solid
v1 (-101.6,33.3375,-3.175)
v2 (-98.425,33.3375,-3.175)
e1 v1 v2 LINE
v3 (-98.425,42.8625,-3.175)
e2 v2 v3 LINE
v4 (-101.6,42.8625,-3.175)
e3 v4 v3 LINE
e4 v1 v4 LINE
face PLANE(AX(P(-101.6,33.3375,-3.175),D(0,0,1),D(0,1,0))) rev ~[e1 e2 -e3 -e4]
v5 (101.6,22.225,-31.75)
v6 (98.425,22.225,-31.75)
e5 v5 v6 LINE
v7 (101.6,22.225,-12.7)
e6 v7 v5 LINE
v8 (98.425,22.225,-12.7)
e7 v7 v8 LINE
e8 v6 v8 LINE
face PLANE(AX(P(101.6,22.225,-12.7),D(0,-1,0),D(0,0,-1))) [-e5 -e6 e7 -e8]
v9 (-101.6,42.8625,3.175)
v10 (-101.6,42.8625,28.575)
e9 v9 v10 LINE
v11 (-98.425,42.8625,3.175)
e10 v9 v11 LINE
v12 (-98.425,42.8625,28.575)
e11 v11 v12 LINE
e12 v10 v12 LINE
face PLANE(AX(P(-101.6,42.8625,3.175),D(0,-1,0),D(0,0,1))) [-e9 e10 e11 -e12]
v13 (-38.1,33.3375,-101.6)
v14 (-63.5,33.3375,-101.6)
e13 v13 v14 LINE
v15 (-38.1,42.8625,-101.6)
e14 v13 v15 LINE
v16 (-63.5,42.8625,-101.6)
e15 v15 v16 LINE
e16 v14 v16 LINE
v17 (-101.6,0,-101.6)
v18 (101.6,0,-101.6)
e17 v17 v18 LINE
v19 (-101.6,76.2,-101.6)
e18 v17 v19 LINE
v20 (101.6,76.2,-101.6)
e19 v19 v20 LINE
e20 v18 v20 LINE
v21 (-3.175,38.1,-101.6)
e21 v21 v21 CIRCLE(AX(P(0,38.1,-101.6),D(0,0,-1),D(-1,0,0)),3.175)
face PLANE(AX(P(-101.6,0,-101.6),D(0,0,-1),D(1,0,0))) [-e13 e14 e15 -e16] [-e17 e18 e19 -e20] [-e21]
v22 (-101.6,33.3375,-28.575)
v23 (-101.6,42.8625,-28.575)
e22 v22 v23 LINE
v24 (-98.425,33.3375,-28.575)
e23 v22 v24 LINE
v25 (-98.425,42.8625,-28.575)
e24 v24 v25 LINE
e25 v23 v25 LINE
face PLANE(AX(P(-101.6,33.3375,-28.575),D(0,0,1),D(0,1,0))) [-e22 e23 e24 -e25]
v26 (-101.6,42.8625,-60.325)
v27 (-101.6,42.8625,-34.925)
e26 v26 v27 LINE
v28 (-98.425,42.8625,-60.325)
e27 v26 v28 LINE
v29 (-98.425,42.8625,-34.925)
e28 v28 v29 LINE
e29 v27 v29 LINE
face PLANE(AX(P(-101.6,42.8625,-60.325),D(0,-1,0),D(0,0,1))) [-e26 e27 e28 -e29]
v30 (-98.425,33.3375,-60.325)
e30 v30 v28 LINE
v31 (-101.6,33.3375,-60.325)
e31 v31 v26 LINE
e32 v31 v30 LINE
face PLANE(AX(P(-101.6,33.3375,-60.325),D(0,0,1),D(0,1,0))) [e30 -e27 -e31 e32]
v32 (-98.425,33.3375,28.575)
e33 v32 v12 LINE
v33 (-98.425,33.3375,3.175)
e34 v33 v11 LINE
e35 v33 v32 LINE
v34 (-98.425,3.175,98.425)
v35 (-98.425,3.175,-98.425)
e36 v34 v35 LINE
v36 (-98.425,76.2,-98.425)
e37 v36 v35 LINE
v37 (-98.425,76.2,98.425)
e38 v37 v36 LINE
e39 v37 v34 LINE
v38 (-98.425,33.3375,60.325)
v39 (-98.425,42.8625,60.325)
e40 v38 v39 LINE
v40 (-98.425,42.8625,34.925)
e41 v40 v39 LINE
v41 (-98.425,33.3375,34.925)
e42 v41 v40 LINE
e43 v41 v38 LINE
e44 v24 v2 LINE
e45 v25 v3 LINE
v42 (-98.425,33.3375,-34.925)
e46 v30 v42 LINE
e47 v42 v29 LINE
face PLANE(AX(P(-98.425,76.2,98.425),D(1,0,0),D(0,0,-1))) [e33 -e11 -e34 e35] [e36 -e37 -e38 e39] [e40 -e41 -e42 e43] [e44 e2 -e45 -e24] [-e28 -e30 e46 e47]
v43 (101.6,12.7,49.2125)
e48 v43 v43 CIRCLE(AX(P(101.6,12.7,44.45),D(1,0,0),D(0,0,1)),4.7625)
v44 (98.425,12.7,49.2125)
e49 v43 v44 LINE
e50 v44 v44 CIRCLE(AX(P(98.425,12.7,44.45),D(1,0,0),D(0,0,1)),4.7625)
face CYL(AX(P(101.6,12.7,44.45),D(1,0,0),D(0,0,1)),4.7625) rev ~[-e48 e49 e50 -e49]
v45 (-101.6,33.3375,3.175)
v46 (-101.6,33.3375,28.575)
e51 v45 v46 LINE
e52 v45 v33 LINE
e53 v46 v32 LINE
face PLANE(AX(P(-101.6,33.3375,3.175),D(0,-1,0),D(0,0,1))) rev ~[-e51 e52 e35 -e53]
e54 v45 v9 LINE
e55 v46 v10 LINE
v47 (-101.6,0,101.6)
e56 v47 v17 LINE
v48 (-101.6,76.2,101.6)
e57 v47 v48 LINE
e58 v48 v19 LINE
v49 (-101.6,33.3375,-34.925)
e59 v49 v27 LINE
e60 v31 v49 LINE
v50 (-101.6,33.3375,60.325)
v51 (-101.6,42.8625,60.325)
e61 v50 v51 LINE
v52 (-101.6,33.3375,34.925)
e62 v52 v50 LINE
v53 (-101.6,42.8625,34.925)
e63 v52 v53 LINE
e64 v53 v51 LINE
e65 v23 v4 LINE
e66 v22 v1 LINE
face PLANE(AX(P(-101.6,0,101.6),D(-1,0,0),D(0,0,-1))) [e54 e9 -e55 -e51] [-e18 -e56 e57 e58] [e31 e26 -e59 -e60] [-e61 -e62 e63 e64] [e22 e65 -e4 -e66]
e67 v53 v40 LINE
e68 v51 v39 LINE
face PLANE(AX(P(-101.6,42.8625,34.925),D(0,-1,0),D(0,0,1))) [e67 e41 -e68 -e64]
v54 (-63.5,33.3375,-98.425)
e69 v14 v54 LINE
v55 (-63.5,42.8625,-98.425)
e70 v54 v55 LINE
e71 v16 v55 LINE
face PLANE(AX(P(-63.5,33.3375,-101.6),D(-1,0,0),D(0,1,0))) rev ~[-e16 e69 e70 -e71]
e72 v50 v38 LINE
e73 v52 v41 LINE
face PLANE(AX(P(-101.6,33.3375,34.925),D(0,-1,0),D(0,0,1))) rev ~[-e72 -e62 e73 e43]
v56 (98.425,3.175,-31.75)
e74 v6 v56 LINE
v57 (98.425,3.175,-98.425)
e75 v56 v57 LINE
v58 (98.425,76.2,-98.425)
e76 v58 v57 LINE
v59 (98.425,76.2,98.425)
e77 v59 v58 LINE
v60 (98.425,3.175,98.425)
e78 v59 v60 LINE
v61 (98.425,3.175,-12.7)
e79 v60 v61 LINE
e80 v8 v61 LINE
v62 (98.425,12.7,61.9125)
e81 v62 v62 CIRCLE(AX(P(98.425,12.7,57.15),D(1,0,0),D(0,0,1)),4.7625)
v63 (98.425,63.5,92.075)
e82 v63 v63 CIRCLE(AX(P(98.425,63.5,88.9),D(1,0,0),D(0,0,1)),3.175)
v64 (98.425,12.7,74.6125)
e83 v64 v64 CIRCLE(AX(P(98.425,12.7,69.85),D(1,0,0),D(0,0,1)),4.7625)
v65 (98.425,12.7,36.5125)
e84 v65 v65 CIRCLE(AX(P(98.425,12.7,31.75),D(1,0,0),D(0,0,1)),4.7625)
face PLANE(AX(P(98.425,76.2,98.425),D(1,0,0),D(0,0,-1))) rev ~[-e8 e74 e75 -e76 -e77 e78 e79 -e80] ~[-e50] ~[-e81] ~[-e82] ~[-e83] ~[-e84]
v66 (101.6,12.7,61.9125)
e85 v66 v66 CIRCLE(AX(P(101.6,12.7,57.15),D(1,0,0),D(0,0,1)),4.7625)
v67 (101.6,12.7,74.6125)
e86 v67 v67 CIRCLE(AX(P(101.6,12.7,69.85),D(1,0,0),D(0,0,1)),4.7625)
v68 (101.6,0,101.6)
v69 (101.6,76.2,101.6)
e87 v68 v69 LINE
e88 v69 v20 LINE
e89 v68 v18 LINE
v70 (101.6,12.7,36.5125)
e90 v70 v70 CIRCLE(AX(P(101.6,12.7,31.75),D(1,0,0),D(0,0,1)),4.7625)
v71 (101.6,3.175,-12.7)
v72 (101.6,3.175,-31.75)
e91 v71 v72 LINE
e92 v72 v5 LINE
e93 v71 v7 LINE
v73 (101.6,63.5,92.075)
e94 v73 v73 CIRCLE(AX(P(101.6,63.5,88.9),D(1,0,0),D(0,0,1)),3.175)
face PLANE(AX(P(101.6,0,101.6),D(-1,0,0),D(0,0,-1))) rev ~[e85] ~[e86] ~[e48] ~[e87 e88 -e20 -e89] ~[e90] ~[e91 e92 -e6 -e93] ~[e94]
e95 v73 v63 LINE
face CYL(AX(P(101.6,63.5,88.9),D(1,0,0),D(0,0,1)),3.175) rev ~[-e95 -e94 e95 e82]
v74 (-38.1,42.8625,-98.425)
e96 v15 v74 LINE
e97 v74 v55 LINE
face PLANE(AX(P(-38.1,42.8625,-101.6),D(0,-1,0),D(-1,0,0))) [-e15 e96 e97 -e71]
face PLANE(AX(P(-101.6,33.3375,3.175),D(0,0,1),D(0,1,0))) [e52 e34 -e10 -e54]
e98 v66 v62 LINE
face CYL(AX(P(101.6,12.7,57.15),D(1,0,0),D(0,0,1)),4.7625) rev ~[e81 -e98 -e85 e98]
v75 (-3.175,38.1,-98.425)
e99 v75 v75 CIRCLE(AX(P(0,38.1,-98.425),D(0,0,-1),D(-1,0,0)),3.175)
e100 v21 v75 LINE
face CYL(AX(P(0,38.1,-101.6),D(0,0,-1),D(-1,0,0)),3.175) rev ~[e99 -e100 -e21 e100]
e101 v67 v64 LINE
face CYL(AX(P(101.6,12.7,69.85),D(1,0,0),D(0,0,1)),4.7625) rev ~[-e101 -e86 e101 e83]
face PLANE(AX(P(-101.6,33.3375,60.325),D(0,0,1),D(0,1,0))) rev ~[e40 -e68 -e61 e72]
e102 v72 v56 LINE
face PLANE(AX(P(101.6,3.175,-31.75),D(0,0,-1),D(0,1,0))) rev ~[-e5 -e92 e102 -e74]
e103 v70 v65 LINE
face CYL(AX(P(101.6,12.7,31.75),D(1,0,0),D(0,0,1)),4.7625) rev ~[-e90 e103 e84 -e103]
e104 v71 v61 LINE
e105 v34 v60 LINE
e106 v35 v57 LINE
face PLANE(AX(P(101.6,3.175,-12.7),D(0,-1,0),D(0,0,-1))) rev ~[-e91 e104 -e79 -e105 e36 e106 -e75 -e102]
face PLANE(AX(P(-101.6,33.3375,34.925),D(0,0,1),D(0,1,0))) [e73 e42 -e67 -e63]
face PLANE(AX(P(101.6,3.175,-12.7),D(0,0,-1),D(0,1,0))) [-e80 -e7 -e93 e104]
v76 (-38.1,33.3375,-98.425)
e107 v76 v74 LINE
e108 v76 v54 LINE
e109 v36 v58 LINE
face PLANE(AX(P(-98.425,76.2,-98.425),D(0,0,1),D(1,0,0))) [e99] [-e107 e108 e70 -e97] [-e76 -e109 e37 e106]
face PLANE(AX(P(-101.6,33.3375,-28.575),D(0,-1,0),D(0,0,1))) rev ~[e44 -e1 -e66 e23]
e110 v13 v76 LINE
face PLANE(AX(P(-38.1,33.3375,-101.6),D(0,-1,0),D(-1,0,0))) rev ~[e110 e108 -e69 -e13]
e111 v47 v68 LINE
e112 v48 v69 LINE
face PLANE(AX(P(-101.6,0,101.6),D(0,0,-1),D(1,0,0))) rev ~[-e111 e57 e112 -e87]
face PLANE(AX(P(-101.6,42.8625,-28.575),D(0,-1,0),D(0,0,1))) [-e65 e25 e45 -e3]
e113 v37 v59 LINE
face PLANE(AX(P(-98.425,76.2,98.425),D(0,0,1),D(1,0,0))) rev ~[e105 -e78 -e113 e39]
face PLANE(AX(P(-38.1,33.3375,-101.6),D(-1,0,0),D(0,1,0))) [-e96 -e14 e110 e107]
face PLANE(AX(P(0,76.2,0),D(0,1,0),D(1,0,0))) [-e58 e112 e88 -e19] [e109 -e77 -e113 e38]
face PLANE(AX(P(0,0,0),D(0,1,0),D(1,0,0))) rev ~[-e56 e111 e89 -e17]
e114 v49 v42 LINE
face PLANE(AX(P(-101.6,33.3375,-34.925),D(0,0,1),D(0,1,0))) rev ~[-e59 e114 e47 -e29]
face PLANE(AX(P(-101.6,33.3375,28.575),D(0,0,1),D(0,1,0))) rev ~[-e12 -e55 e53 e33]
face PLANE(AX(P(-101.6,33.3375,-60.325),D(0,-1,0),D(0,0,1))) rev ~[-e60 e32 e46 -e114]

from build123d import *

# Parameters (mm, degrees)
SKETCH1_W                      = 203.2
SKETCH1_H                      = 203.2
BOSS_EXTRUDE1_DEPTH            = 76.2
SKETCH2_W                      = 196.85
SKETCH2_H                      = 196.85
CUT_EXTRUDE1_DEPTH             = 73.025
CUT_EXTRUDE2_REACH             = 241.623
SKETCH3_R                      = 4.7625
SKETCH3_R_2                    = 3.175
SKETCH3_W                      = 19.05
SKETCH3_H                      = 19.05
CUT_EXTRUDE2_DIRECTION_2_DEPTH = 240.623120754
CUT_EXTRUDE3_REACH             = 241.623
SKETCH4_R                      = 3.175
SKETCH4_W                      = 25.4
SKETCH4_H                      = 9.525
CUT_EXTRUDE4_REACH             = 241.623
SKETCH5_W                      = 25.4
SKETCH5_H                      = 9.525


with BuildPart() as part:
    # Sketch1 → Boss-Extrude1 (new body)
    with BuildSketch(Plane(origin=(0, 0, 0), x_dir=(1, 0, 0), z_dir=(0, 1, 0))):
        Rectangle(SKETCH1_W, SKETCH1_H)
    extrude(amount=BOSS_EXTRUDE1_DEPTH)

    # Sketch2 → Cut-Extrude1 (cut)
    with BuildSketch(Plane(origin=(0, 76.2, 0), x_dir=(1, 0, 0), z_dir=(0, 1, 0))):
        Rectangle(SKETCH2_W, SKETCH2_H)
    extrude(amount=-CUT_EXTRUDE1_DEPTH, mode=Mode.SUBTRACT)

    # Sketch3 → Cut-Extrude2 (cut, up to next)
    with BuildSketch(Plane(origin=(101.6, 0, 0), x_dir=(0, 0, -1), z_dir=(1, 0, 0)), mode=Mode.PRIVATE) as cut_extrude2_sk1:
        with Locations(Location((-69.85, 12.7, 0), (0, 0, 180))):
            Circle(SKETCH3_R)
    cut_extrude2_tool1 = extrude(cut_extrude2_sk1.sketch, amount=-CUT_EXTRUDE2_REACH, mode=Mode.PRIVATE) & part.part
    # Sketch3 → Cut-Extrude2 (cut, up to next)
    with BuildSketch(Plane(origin=(101.6, 0, 0), x_dir=(0, 0, -1), z_dir=(1, 0, 0)), mode=Mode.PRIVATE) as cut_extrude2_sk2:
        with Locations(Location((-57.15, 12.7, 0), (0, 0, 180))):
            Circle(SKETCH3_R)
    cut_extrude2_tool2 = extrude(cut_extrude2_sk2.sketch, amount=-CUT_EXTRUDE2_REACH, mode=Mode.PRIVATE) & part.part
    # Sketch3 → Cut-Extrude2 (cut, up to next)
    with BuildSketch(Plane(origin=(101.6, 0, 0), x_dir=(0, 0, -1), z_dir=(1, 0, 0)), mode=Mode.PRIVATE) as cut_extrude2_sk3:
        with Locations(Location((-44.45, 12.7, 0), (0, 0, 180))):
            Circle(SKETCH3_R)
    cut_extrude2_tool3 = extrude(cut_extrude2_sk3.sketch, amount=-CUT_EXTRUDE2_REACH, mode=Mode.PRIVATE) & part.part
    # Sketch3 → Cut-Extrude2 (cut, up to next)
    with BuildSketch(Plane(origin=(101.6, 0, 0), x_dir=(0, 0, -1), z_dir=(1, 0, 0)), mode=Mode.PRIVATE) as cut_extrude2_sk4:
        with Locations(Location((-31.75, 12.7, 0), (0, 0, 180))):
            Circle(SKETCH3_R)
    cut_extrude2_tool4 = extrude(cut_extrude2_sk4.sketch, amount=-CUT_EXTRUDE2_REACH, mode=Mode.PRIVATE) & part.part
    # Sketch3 → Cut-Extrude2 (cut, up to next)
    with BuildSketch(Plane(origin=(101.6, 0, 0), x_dir=(0, 0, -1), z_dir=(1, 0, 0)), mode=Mode.PRIVATE) as cut_extrude2_sk5:
        with Locations(Location((-88.9, 63.5, 0), (0, 0, 180))):
            Circle(SKETCH3_R_2)
    cut_extrude2_tool5 = extrude(cut_extrude2_sk5.sketch, amount=-CUT_EXTRUDE2_REACH, mode=Mode.PRIVATE) & part.part
    # Sketch3 → Cut-Extrude2 (cut, up to next)
    with BuildSketch(Plane(origin=(101.6, 0, 0), x_dir=(0, 0, -1), z_dir=(1, 0, 0)), mode=Mode.PRIVATE) as cut_extrude2_sk6:
        with Locations((22.225, 12.7)):
            Rectangle(SKETCH3_W, SKETCH3_H)
    cut_extrude2_tool6 = extrude(cut_extrude2_sk6.sketch, amount=-CUT_EXTRUDE2_REACH, mode=Mode.PRIVATE) & part.part
    add(cut_extrude2_tool1.solids().sort_by_distance((101.6, 12.7, 69.85))[0], mode=Mode.SUBTRACT)
    add(cut_extrude2_tool2.solids().sort_by_distance((101.6, 12.7, 57.15))[0], mode=Mode.SUBTRACT)
    add(cut_extrude2_tool3.solids().sort_by_distance((101.6, 12.7, 44.45))[0], mode=Mode.SUBTRACT)
    add(cut_extrude2_tool4.solids().sort_by_distance((101.6, 12.7, 31.75))[0], mode=Mode.SUBTRACT)
    add(cut_extrude2_tool5.solids().sort_by_distance((101.6, 63.5, 88.9))[0], mode=Mode.SUBTRACT)
    add(cut_extrude2_tool6.solids().sort_by_distance((101.6, 12.7, -22.225))[0], mode=Mode.SUBTRACT)

    # Sketch3 → Cut-Extrude2 direction 2 (cut)
    with BuildSketch(Plane(origin=(101.6, 0, 0), x_dir=(0, 0, -1), z_dir=(1, 0, 0))):
        with Locations(Location((-69.85, 12.7, 0), (0, 0, 180))):
            Circle(SKETCH3_R)
        with Locations(Location((-57.15, 12.7, 0), (0, 0, 180))):
            Circle(SKETCH3_R)
        with Locations(Location((-44.45, 12.7, 0), (0, 0, 180))):
            Circle(SKETCH3_R)
        with Locations(Location((-31.75, 12.7, 0), (0, 0, 180))):
            Circle(SKETCH3_R)
        with Locations(Location((-88.9, 63.5, 0), (0, 0, 180))):
            Circle(SKETCH3_R_2)
        with Locations((22.225, 12.7)):
            Rectangle(SKETCH3_W, SKETCH3_H)
    extrude(amount=CUT_EXTRUDE2_DIRECTION_2_DEPTH, mode=Mode.SUBTRACT)

    # Sketch4 → Cut-Extrude3 (cut, up to next)
    with BuildSketch(Plane(origin=(0, 0, -101.6), x_dir=(-1, 0, 0), z_dir=(0, 0, -1)), mode=Mode.PRIVATE) as cut_extrude3_sk1:
        with Locations((0, 38.1)):
            Circle(SKETCH4_R)
    cut_extrude3_tool1 = extrude(cut_extrude3_sk1.sketch, amount=-CUT_EXTRUDE3_REACH, mode=Mode.PRIVATE) & part.part
    # Sketch4 → Cut-Extrude3 (cut, up to next)
    with BuildSketch(Plane(origin=(0, 0, -101.6), x_dir=(-1, 0, 0), z_dir=(0, 0, -1)), mode=Mode.PRIVATE) as cut_extrude3_sk2:
        with Locations((50.8, 38.1)):
            Rectangle(SKETCH4_W, SKETCH4_H)
    cut_extrude3_tool2 = extrude(cut_extrude3_sk2.sketch, amount=-CUT_EXTRUDE3_REACH, mode=Mode.PRIVATE) & part.part
    add(cut_extrude3_tool1.solids().sort_by_distance((0, 38.1, -101.6))[0], mode=Mode.SUBTRACT)
    add(cut_extrude3_tool2.solids().sort_by_distance((-50.8, 38.1, -101.6))[0], mode=Mode.SUBTRACT)

    # Sketch5 → Cut-Extrude4 (cut, up to next)
    with BuildSketch(Plane.ZY.offset(101.6), mode=Mode.PRIVATE) as cut_extrude4_sk1:
        with Locations((-15.875, 38.1)):
            Rectangle(SKETCH5_W, SKETCH5_H)
    cut_extrude4_tool1 = extrude(cut_extrude4_sk1.sketch, amount=-CUT_EXTRUDE4_REACH, mode=Mode.PRIVATE) & part.part
    # Sketch5 → Cut-Extrude4 (cut, up to next)
    with BuildSketch(Plane.ZY.offset(101.6), mode=Mode.PRIVATE) as cut_extrude4_sk2:
        with Locations((-47.625, 38.1)):
            Rectangle(SKETCH5_W, SKETCH5_H)
    cut_extrude4_tool2 = extrude(cut_extrude4_sk2.sketch, amount=-CUT_EXTRUDE4_REACH, mode=Mode.PRIVATE) & part.part
    # Sketch5 → Cut-Extrude4 (cut, up to next)
    with BuildSketch(Plane.ZY.offset(101.6), mode=Mode.PRIVATE) as cut_extrude4_sk3:
        with Locations((47.625, 38.1)):
            Rectangle(SKETCH5_W, SKETCH5_H)
    cut_extrude4_tool3 = extrude(cut_extrude4_sk3.sketch, amount=-CUT_EXTRUDE4_REACH, mode=Mode.PRIVATE) & part.part
    # Sketch5 → Cut-Extrude4 (cut, up to next)
    with BuildSketch(Plane.ZY.offset(101.6), mode=Mode.PRIVATE) as cut_extrude4_sk4:
        with Locations((15.875, 38.1)):
            Rectangle(SKETCH5_W, SKETCH5_H)
    cut_extrude4_tool4 = extrude(cut_extrude4_sk4.sketch, amount=-CUT_EXTRUDE4_REACH, mode=Mode.PRIVATE) & part.part
    add(cut_extrude4_tool1.solids().sort_by_distance((-101.6, 38.1, -15.875))[0], mode=Mode.SUBTRACT)
    add(cut_extrude4_tool2.solids().sort_by_distance((-101.6, 38.1, -47.625))[0], mode=Mode.SUBTRACT)
    add(cut_extrude4_tool3.solids().sort_by_distance((-101.6, 38.1, 47.625))[0], mode=Mode.SUBTRACT)
    add(cut_extrude4_tool4.solids().sort_by_distance((-101.6, 38.1, 15.875))[0], mode=Mode.SUBTRACT)


solid = part.part
